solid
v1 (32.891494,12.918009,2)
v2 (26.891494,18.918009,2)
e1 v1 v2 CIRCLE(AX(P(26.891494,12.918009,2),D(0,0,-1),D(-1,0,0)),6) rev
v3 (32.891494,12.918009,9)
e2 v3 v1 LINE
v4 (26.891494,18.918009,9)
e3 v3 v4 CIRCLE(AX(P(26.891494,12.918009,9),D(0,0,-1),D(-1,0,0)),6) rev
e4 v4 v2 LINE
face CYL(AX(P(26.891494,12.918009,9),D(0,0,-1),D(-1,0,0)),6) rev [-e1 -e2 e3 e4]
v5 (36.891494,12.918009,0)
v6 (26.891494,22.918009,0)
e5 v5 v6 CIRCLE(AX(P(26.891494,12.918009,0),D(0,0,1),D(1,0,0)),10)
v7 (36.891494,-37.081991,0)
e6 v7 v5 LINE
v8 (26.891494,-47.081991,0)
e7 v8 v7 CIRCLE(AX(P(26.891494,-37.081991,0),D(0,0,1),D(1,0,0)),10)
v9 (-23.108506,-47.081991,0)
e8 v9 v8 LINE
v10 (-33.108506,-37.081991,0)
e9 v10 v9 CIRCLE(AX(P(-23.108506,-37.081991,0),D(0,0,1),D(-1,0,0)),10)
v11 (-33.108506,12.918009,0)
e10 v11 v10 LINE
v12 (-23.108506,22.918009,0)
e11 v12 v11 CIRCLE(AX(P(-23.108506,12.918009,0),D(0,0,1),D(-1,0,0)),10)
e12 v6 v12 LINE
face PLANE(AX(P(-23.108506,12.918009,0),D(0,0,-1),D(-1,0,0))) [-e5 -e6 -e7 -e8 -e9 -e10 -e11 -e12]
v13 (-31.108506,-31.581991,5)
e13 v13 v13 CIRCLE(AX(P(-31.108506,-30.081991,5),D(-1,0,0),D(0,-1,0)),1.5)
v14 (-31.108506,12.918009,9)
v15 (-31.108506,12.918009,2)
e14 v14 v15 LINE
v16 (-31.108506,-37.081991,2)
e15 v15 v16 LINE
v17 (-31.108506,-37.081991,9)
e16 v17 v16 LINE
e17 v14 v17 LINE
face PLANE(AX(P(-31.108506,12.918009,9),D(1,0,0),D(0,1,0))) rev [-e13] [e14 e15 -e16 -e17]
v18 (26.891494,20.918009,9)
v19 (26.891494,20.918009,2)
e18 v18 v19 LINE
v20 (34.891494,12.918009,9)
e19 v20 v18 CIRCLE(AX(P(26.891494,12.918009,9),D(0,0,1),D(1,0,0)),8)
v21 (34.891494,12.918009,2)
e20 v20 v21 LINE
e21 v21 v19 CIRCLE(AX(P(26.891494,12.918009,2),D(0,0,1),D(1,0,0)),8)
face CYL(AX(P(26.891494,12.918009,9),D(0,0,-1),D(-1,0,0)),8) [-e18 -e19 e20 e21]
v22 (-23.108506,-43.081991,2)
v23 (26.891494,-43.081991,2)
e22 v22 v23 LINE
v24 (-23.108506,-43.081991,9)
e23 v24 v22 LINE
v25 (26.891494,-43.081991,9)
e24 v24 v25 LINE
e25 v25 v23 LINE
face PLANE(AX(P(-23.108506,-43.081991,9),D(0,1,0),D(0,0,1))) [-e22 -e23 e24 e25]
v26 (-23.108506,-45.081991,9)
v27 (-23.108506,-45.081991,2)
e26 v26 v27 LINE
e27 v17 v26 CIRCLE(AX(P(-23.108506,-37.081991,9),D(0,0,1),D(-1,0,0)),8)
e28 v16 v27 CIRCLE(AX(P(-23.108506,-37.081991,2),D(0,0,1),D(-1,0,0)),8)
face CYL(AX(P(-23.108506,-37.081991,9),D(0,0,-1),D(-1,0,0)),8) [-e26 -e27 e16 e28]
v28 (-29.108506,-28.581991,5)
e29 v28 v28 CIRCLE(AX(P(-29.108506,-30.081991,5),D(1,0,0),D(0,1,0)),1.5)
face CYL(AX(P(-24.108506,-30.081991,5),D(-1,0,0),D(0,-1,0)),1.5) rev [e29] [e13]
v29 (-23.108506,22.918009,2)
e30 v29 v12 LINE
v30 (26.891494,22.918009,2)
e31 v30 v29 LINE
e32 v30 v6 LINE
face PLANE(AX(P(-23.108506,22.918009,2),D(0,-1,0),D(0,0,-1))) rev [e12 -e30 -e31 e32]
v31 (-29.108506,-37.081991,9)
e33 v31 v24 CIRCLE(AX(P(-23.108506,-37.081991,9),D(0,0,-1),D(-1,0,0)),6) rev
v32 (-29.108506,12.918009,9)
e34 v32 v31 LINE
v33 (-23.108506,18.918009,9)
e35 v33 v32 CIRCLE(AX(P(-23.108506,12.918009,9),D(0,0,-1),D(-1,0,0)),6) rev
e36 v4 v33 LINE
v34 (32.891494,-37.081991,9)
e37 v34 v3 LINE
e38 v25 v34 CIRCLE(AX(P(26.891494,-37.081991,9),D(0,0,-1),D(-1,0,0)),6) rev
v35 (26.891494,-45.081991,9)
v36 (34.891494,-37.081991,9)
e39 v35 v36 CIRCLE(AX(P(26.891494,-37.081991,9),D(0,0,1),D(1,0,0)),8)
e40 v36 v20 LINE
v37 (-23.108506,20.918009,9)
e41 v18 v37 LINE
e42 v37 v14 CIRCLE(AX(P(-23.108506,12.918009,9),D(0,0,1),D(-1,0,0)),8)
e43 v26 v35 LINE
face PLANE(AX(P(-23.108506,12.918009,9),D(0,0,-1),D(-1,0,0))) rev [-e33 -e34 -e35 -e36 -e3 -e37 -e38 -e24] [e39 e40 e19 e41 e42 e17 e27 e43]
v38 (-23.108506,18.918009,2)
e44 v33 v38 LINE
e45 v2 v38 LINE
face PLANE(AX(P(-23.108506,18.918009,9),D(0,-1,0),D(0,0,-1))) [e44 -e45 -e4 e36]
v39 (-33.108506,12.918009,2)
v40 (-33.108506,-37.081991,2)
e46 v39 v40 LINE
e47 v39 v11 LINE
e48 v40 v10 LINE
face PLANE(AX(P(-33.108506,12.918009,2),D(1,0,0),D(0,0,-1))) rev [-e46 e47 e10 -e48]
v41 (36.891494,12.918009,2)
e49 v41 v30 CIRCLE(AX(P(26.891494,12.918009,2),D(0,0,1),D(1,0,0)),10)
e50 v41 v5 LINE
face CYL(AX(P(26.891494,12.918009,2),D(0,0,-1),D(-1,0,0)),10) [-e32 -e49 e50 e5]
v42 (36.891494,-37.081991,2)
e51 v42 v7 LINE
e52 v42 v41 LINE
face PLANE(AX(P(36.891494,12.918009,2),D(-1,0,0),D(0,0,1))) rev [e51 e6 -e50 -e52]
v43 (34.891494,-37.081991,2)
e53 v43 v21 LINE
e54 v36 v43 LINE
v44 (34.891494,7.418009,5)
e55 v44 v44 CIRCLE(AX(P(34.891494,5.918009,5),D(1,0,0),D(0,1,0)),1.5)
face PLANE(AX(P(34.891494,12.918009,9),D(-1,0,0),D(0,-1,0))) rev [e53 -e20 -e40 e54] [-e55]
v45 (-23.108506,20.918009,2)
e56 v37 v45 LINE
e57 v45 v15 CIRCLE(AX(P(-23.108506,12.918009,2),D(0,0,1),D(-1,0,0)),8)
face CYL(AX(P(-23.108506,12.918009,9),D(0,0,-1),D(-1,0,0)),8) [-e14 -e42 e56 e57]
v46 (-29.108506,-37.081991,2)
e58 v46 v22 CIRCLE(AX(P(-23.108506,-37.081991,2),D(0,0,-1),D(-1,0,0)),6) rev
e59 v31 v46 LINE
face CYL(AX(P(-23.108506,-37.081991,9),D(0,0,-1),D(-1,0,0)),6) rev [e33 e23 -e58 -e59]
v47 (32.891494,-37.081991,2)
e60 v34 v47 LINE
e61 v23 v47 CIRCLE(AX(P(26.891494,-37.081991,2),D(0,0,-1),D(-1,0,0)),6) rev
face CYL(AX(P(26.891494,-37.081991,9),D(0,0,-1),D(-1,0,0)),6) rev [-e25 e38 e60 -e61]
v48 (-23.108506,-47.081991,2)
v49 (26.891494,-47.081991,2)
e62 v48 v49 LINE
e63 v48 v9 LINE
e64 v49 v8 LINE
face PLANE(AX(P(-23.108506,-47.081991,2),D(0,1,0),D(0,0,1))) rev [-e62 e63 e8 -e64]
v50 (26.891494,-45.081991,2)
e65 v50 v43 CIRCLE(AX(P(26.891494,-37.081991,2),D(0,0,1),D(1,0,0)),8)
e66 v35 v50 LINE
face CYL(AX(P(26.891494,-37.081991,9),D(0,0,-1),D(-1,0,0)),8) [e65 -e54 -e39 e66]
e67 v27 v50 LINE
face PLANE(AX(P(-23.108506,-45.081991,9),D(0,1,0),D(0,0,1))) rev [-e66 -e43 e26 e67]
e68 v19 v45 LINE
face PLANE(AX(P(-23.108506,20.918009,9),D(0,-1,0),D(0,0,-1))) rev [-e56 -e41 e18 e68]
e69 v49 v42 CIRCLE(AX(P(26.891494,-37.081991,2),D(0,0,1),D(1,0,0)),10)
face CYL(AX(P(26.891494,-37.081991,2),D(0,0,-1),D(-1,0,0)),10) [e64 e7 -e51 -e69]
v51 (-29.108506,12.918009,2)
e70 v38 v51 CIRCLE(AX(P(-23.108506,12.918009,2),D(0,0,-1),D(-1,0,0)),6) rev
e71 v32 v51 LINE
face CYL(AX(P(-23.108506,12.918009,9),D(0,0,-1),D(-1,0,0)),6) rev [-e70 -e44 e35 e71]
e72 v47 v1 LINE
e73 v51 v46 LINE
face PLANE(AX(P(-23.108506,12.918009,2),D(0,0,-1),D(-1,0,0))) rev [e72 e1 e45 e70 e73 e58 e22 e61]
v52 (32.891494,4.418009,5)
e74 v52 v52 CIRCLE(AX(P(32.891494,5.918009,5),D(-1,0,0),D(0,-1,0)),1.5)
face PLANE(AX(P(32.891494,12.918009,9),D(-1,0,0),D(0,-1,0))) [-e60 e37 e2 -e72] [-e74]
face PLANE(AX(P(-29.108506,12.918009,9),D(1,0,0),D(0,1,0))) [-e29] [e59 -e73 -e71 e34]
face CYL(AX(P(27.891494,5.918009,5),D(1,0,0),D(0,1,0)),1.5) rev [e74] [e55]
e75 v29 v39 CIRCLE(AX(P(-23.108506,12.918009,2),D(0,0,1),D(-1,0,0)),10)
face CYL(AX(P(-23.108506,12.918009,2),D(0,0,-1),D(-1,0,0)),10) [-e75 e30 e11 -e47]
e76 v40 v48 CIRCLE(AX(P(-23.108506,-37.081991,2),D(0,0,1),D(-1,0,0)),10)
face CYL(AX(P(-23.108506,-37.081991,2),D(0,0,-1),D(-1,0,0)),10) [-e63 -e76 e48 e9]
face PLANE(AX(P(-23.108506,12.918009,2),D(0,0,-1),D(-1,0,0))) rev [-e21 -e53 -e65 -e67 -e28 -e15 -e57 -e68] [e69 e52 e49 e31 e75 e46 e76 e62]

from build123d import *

# Parameters (mm, degrees)
EXTRUDE_1_DEPTH     = 2
EXTRUDE_2_DEPTH     = 7
SHELL_1_T           = -2
SKETCH_3_R          = 1.5
CUT_EXTRUDE_1_DEPTH = 7
SKETCH_4_R          = 1.5
CUT_EXTRUDE_2_DEPTH = 7


with BuildPart() as part:
    # 草图1 → 凸台-拉伸1 (new body)
    with BuildSketch(Plane.XY):
        with BuildLine():
            Line((-23.108505897, 22.918009168), (26.891494103, 22.918009168))
            ThreePointArc((26.891494103, 22.918009168), (33.962561915, 19.989076979), (36.891494103, 12.918009168))
            Line((36.891494103, 12.918009168), (36.891494103, -37.081990832))
            ThreePointArc((36.891494103, -37.081990832), (33.962561915, -44.153058644), (26.891494103, -47.081990832))
            Line((26.891494103, -47.081990832), (-23.108505897, -47.081990832))
            ThreePointArc((-23.108505897, -47.081990832), (-30.179573709, -44.153058644), (-33.108505897, -37.081990832))
            Line((-33.108505897, -37.081990832), (-33.108505897, 12.918009168))
            ThreePointArc((-33.108505897, 12.918009168), (-30.179573709, 19.989076979), (-23.108505897, 22.918009168))
        make_face()
    extrude(amount=EXTRUDE_1_DEPTH)

    # 草图2 → 凸台-拉伸2 (add)
    with BuildSketch(Plane.XY.offset(2)):
        with BuildLine():
            Line((-23.108505897, 20.918009168), (26.891494103, 20.918009168))
            ThreePointArc((26.891494103, 20.918009168), (32.548348353, 18.574863417), (34.891494103, 12.918009168))
            Line((34.891494103, 12.918009168), (34.891494103, -37.081990832))
            ThreePointArc((34.891494103, -37.081990832), (32.548348353, -42.738845082), (26.891494103, -45.081990832))
            Line((26.891494103, -45.081990832), (-23.108505897, -45.081990832))
            ThreePointArc((-23.108505897, -45.081990832), (-28.765360146, -42.738845082), (-31.108505897, -37.081990832))
            Line((-31.108505897, -37.081990832), (-31.108505897, 12.918009168))
            ThreePointArc((-31.108505897, 12.918009168), (-28.765360146, 18.574863417), (-23.108505897, 20.918009168))
        make_face()
    extrude(amount=EXTRUDE_2_DEPTH)

    # 抽壳1
    shell_1_openings = [part.faces().sort_by_distance(p)[0] for p in [
        (1.891494103, -12.081990832, 9),
    ]]
    offset(amount=SHELL_1_T, openings=shell_1_openings, kind=Kind.INTERSECTION)

    # 草图3 → 切除-拉伸1 (cut)
    with BuildSketch(Plane.ZY.offset(31.108505897)):
        with Locations(Location((5, -30.081990832, 0), (0, 0, 270))):
            Circle(SKETCH_3_R)
    extrude(amount=-CUT_EXTRUDE_1_DEPTH, mode=Mode.SUBTRACT)

    # 草图4 → 切除-拉伸2 (cut)
    with BuildSketch(Plane(origin=(34.891494103, 0, 0), x_dir=(0, 0, -1), z_dir=(1, 0, 0))):
        with Locations(Location((-5, 5.918009168, 0), (0, 0, 90))):
            Circle(SKETCH_4_R)
    extrude(amount=-CUT_EXTRUDE_2_DEPTH, mode=Mode.SUBTRACT)


solid = part.part
